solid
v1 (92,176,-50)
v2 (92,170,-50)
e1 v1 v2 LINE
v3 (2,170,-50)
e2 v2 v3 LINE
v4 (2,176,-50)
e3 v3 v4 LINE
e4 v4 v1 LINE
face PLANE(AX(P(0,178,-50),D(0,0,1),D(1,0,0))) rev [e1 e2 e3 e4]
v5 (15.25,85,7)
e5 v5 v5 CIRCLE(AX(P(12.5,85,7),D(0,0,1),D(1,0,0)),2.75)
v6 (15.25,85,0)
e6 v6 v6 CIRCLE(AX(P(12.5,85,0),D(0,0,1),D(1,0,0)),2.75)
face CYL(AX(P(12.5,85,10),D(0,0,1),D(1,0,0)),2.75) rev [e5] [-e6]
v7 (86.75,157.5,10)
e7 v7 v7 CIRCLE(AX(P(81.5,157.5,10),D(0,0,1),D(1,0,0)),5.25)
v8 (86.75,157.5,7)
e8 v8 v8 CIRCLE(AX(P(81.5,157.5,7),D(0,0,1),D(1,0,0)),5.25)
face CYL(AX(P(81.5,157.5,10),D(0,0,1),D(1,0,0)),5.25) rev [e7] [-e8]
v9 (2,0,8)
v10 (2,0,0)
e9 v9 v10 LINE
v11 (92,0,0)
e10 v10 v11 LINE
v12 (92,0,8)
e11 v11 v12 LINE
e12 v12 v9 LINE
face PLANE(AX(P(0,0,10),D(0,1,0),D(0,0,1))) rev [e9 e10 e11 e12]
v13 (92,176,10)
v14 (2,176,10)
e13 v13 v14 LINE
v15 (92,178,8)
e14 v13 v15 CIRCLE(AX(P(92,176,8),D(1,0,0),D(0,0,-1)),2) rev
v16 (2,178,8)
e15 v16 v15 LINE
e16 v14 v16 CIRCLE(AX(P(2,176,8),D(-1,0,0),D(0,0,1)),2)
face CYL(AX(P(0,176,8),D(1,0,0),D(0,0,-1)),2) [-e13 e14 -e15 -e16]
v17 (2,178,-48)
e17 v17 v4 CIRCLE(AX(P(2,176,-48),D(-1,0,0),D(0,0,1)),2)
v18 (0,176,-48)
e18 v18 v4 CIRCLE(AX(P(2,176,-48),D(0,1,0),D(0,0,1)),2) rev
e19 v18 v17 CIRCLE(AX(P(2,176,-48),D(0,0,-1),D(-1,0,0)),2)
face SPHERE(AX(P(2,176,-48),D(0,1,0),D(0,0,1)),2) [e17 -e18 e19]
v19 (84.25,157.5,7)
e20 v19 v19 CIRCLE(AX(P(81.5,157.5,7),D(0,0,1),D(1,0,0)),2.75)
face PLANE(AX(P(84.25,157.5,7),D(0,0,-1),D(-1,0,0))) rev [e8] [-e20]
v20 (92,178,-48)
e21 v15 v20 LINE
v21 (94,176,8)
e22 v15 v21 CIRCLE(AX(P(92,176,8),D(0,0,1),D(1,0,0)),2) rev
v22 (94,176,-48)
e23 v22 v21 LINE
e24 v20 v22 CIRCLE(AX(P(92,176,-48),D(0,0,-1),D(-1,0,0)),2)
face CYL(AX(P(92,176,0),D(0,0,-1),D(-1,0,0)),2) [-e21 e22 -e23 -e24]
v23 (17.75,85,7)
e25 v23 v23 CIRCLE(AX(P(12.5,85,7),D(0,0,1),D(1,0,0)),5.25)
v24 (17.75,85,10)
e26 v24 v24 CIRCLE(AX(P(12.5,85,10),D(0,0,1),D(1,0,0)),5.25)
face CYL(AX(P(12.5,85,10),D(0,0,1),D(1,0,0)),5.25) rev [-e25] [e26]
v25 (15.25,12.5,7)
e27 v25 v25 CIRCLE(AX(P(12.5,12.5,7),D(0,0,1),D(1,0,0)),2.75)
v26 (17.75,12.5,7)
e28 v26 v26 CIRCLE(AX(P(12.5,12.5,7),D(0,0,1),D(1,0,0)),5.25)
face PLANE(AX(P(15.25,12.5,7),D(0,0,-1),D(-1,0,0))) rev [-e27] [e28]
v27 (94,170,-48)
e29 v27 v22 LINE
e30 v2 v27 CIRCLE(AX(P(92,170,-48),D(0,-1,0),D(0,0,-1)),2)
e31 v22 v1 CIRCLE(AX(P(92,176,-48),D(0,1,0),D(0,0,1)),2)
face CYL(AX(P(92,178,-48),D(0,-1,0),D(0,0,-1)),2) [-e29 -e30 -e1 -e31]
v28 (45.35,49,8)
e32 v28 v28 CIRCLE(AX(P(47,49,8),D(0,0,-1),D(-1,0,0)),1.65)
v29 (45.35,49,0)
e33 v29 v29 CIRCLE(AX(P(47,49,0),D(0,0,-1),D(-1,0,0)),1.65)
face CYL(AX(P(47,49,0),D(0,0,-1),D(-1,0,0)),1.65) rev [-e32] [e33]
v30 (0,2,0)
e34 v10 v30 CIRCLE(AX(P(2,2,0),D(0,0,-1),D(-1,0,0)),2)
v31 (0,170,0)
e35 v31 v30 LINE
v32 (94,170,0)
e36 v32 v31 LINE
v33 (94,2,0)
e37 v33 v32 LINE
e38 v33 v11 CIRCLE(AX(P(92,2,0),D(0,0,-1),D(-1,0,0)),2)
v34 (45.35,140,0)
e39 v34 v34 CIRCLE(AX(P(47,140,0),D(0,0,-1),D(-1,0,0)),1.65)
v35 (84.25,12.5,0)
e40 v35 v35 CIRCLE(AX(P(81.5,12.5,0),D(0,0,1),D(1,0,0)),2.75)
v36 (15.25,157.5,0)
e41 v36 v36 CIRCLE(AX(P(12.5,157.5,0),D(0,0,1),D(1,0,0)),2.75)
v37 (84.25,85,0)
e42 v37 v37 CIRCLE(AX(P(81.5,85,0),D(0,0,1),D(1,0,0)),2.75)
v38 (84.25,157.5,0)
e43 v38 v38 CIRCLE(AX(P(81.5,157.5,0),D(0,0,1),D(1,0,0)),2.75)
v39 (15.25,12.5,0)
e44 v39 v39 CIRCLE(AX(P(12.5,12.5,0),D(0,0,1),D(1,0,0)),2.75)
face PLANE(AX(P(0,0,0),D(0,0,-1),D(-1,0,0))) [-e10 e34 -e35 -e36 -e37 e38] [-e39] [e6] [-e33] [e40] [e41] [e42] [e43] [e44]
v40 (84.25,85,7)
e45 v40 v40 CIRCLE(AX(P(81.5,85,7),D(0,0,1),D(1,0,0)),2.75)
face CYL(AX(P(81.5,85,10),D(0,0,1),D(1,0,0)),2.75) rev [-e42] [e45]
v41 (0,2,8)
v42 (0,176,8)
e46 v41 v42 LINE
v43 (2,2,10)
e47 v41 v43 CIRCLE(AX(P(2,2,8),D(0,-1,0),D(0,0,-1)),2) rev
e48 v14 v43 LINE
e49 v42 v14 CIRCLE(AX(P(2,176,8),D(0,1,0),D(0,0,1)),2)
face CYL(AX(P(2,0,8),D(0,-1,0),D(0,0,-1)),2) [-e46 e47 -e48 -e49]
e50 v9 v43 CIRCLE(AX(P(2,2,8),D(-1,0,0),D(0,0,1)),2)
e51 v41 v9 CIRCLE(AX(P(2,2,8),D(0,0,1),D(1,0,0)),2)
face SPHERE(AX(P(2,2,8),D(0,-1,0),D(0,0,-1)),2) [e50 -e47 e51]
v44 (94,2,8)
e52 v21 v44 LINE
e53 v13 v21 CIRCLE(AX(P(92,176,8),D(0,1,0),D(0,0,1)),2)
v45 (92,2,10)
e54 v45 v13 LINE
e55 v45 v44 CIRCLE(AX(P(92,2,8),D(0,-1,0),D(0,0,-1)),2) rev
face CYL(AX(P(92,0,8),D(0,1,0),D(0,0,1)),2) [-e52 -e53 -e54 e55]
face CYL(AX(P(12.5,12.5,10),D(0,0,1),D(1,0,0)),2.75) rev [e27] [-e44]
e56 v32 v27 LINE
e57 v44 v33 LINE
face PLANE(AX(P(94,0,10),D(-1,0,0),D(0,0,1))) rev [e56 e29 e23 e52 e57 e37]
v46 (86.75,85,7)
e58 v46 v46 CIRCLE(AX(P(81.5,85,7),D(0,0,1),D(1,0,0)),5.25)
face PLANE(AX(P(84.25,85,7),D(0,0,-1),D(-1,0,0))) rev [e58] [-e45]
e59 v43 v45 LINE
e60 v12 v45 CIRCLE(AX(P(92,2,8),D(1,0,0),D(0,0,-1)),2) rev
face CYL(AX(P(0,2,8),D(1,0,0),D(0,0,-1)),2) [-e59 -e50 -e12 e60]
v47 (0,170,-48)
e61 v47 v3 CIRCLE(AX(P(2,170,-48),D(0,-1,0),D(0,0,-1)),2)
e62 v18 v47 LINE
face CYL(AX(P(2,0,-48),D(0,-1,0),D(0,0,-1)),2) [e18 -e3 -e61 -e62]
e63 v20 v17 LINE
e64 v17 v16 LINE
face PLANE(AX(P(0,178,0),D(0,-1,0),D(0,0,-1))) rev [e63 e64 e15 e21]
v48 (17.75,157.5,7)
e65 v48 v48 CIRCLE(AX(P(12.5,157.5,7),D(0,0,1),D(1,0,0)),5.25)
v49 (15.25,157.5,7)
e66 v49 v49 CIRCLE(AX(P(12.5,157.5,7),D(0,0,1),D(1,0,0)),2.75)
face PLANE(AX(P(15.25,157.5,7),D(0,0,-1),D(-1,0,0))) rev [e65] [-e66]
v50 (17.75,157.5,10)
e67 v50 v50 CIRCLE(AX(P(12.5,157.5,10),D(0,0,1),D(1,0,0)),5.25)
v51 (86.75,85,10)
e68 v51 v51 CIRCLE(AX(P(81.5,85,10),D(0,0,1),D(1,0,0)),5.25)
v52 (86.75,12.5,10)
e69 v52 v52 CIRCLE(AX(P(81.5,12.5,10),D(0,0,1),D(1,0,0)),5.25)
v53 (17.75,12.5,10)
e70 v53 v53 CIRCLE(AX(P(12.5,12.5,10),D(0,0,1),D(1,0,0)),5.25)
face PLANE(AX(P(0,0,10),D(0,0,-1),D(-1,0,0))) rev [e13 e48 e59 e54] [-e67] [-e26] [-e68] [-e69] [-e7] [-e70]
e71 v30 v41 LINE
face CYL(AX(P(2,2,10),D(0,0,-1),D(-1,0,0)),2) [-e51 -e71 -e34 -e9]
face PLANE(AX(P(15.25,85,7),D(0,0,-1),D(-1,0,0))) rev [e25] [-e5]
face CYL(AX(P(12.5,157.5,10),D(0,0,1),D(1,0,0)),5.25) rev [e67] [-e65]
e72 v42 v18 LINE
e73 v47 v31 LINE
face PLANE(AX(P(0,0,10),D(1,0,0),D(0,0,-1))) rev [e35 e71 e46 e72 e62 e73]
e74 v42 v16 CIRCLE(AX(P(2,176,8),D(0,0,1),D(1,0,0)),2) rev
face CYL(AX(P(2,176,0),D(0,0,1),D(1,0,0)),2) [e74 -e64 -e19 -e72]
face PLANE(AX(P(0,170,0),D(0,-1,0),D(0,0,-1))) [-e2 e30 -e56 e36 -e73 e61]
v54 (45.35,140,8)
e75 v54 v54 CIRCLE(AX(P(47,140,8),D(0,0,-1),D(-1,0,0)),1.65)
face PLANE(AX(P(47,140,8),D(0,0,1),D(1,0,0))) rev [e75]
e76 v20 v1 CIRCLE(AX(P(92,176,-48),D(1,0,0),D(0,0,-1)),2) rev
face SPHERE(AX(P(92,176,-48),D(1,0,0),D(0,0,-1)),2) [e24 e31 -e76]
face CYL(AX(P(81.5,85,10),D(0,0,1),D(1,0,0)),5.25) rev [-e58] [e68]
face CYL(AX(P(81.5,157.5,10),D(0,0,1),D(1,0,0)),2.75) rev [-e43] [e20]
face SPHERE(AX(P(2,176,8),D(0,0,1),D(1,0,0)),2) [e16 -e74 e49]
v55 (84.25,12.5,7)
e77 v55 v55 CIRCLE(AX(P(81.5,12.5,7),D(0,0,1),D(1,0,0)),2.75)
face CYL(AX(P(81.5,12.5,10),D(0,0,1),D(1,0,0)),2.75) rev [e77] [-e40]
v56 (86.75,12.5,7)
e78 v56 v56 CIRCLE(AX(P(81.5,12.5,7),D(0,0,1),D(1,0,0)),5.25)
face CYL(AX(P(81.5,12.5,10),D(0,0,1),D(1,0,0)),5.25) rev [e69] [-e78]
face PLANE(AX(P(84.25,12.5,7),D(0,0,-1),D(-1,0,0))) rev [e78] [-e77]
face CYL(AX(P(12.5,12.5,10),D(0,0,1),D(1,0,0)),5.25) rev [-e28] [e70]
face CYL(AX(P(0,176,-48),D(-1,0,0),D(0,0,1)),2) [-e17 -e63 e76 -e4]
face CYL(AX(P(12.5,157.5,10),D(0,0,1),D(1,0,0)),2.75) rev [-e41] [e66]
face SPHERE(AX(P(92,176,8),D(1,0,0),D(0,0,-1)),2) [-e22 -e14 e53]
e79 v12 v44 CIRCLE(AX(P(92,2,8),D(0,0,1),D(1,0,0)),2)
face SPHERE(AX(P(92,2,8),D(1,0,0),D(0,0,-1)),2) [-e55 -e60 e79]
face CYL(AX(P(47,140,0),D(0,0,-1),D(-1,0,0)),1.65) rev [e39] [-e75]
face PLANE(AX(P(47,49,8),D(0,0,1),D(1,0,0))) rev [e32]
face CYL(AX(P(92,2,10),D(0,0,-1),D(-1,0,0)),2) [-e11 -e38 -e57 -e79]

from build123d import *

# Parameters (mm, degrees)
SKETCH1_W                       = 94
SKETCH1_H                       = 170
BOSS_EXTRUDE1_DEPTH             = 10
CBORE_FOR_M5_SBHCS1_D           = 5.5
CBORE_FOR_M5_SBHCS1_CBORE_D     = 10.5
CBORE_FOR_M5_SBHCS1_CBORE_DEPTH = 3
SKETCH4_W                       = 94
SKETCH4_H                       = 60
BOSS_EXTRUDE2_DEPTH             = 8
FILLET1_R                       = 2
M4X0_7_TAPPED_HOLE1_D           = 3.3
M4X0_7_TAPPED_HOLE1_DEPTH       = 8


with BuildPart() as part:
    # Sketch1 → Boss-Extrude1 (new body)
    with BuildSketch(Plane.XY):
        with Locations((47, 85)):
            Rectangle(SKETCH1_W, SKETCH1_H)
    extrude(amount=BOSS_EXTRUDE1_DEPTH)

    # CBORE for M5 SBHCS1 (through all)
    with Locations(Plane.XY.offset(10)):
        with Locations((81.5, 157.5), (12.5, 85), (12.5, 157.5), (81.5, 85), (12.5, 12.5), (81.5, 12.5)):
            CounterBoreHole(CBORE_FOR_M5_SBHCS1_D / 2, CBORE_FOR_M5_SBHCS1_CBORE_D / 2, CBORE_FOR_M5_SBHCS1_CBORE_DEPTH)

    # Sketch4 → Boss-Extrude2 (add)
    with BuildSketch(Plane(origin=(0, 170, 0), x_dir=(1, 0, 0), z_dir=(0, 1, 0))):
        with Locations((47, 20)):
            Rectangle(SKETCH4_W, SKETCH4_H)
    extrude(amount=BOSS_EXTRUDE2_DEPTH)

    # Fillet1
    fillet1_edges = [part.edges().sort_by_distance(p)[0] for p in [
        (94, 89, 10),
        (0, 89, 10),
        (0, 174, -50),
        (94, 174, -50),
        (0, 178, -20),
        (47, 178, 10),
        (94, 178, -20),
        (47, 178, -50),
        (94, 0, 5),
        (0, 0, 5),
        (47, 0, 10),
    ]]
    fillet(fillet1_edges, radius=FILLET1_R)

    # M4x0.7 Tapped Hole1
    with Locations(Plane(origin=(0, 0, 0), x_dir=(-1, 0, 0), z_dir=(0, 0, -1))):
        with Locations((-47, 140), (-47, 49)):
            Hole(M4X0_7_TAPPED_HOLE1_D / 2, depth=M4X0_7_TAPPED_HOLE1_DEPTH)


solid = part.part
